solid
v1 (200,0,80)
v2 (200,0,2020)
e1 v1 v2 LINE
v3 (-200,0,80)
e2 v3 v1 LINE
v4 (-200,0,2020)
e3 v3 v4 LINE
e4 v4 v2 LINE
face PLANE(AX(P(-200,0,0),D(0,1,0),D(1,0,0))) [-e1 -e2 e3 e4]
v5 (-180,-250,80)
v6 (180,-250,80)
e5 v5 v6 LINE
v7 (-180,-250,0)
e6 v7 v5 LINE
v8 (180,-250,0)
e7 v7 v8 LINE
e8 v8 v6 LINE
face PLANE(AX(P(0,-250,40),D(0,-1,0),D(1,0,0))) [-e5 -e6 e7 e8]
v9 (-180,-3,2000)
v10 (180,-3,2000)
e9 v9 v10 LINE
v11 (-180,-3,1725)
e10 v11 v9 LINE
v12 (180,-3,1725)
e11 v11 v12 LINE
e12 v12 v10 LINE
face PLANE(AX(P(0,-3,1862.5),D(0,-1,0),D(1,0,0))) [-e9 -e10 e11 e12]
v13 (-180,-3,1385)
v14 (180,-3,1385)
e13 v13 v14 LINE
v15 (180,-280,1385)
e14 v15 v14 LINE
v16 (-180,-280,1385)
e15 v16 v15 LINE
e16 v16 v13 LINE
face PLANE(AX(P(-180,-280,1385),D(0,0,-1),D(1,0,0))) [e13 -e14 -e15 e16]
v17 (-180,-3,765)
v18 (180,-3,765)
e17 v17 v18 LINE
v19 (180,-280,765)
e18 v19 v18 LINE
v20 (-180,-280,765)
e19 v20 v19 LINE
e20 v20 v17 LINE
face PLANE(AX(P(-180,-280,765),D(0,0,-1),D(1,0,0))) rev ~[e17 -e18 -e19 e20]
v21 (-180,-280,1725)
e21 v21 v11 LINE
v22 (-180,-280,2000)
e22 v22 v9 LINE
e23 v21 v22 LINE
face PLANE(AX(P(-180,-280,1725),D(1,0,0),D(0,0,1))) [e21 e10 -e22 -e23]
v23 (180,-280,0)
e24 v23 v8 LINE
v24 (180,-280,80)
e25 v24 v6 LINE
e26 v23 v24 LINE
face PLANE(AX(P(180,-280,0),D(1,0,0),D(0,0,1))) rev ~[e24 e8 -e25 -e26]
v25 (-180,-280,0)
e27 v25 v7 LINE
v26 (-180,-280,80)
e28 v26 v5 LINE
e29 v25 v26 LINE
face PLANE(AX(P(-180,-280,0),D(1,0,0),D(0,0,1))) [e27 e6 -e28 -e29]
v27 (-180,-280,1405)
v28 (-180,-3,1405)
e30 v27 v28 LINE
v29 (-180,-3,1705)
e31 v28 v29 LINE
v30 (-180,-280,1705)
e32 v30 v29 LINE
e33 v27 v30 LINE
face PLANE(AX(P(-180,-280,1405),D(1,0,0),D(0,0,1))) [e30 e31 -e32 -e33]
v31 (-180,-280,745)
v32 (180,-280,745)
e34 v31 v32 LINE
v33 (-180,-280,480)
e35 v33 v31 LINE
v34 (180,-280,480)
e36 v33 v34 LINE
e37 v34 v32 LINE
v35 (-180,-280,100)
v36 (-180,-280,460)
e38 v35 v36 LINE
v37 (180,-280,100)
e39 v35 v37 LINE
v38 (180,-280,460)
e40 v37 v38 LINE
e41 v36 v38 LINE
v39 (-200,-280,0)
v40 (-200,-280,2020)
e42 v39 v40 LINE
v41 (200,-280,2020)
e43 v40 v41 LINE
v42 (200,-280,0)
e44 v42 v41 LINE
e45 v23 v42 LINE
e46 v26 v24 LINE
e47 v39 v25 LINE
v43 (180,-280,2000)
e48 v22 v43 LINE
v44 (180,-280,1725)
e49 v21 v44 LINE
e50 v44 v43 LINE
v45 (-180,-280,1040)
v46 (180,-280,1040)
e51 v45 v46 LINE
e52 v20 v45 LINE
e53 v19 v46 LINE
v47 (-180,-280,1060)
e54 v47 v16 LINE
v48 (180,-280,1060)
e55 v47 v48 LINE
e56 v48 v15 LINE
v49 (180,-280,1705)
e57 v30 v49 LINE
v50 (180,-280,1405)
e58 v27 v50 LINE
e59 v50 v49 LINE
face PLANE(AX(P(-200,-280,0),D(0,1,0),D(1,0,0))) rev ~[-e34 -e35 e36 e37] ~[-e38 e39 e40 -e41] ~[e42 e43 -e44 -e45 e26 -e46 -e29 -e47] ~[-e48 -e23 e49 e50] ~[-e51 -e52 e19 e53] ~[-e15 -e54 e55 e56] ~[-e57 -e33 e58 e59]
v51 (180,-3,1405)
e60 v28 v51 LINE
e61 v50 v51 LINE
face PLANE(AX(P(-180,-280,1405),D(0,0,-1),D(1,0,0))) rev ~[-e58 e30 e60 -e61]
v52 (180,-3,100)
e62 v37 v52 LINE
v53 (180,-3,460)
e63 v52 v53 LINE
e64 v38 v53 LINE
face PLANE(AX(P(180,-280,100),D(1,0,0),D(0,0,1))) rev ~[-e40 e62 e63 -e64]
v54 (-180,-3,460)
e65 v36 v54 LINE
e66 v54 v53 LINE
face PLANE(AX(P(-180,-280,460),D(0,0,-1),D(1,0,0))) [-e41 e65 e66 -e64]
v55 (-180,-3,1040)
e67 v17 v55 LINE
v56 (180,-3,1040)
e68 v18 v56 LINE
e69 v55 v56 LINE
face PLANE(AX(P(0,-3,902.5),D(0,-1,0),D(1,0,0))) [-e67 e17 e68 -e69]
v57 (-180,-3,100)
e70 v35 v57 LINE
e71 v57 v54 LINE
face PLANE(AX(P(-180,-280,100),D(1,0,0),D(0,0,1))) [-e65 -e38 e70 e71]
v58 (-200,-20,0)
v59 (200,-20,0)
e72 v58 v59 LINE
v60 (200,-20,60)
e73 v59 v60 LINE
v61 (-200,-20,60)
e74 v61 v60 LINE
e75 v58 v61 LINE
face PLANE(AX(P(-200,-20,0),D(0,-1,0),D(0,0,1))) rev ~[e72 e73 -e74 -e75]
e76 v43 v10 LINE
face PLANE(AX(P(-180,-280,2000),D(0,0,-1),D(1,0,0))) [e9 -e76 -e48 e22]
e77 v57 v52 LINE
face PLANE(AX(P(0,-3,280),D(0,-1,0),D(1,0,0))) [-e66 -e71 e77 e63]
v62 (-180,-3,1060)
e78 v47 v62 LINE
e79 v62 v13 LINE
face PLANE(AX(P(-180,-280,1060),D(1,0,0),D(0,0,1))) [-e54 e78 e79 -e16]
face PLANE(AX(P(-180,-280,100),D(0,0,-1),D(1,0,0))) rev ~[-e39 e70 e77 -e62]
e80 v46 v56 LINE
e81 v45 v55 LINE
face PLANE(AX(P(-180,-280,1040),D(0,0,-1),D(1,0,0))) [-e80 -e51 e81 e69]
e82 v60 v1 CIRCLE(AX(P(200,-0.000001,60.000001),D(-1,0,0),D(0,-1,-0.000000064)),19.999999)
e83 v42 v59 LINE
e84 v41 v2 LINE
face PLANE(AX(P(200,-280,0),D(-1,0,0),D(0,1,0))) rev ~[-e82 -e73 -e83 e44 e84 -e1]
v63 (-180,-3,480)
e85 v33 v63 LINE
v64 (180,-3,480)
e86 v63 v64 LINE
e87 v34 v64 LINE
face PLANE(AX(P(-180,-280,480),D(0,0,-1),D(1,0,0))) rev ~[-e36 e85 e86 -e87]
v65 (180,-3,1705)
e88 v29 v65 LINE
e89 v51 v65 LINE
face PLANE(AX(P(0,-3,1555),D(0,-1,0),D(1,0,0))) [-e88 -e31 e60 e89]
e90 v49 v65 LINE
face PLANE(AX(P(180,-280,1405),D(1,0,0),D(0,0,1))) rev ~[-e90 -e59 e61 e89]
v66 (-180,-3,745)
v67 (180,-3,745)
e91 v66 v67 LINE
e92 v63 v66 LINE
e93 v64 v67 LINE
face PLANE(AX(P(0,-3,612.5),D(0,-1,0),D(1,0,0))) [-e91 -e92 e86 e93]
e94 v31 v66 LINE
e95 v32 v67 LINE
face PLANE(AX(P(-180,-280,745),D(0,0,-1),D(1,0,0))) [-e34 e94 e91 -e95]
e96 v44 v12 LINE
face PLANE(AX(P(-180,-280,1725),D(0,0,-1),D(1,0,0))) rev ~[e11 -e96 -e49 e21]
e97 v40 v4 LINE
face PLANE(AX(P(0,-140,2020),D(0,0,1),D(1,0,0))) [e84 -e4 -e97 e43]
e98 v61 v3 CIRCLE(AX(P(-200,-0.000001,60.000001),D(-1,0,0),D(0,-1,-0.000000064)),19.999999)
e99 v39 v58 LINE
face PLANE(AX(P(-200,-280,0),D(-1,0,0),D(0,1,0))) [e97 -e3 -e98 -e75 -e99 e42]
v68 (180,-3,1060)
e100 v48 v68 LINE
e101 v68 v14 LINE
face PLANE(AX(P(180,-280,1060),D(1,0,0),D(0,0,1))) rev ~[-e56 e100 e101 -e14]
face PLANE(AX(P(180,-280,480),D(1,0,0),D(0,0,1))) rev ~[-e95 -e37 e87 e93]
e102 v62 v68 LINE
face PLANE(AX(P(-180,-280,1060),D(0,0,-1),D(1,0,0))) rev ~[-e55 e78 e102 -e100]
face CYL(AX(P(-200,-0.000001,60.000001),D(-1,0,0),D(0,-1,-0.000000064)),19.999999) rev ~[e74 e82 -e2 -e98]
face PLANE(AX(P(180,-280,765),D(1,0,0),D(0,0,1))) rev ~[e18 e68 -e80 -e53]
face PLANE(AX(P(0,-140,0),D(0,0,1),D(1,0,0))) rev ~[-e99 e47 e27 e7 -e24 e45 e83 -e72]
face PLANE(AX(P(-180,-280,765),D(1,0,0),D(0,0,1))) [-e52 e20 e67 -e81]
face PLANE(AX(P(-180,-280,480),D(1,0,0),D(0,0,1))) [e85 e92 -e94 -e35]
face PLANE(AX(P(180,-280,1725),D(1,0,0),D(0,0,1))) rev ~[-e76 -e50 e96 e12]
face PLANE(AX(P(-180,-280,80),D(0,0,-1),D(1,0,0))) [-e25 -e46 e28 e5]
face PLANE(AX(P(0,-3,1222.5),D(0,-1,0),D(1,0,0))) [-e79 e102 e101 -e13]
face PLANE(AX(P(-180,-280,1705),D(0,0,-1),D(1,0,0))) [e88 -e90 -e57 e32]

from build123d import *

# Parameters (mm, degrees)
F0_W     = 400
F0_H     = 280
F1_DEPTH = 2020
F3_W     = 360
F3_H     = 275
F3_H_2   = 300
F3_H_3   = 325
F3_H_4   = 265
F3_H_5   = 360
F4_DEPTH = 277
F6_DEPTH = 400.001
F7_W     = 360
F7_H     = 80
F8_DEPTH = 30


with BuildPart() as f1:
    # F0 (on Top) → F1 (new body)
    with BuildSketch(Plane.XY):
        with Locations((0, -140)):
            Rectangle(F0_W, F0_H)
    extrude(amount=F1_DEPTH)

    # F3 (on face) → F4 (cut, through all)
    with BuildSketch(Plane.XZ.offset(280)):
        with Locations((0, 1862.5)):
            Rectangle(F3_W, F3_H)
        with Locations((0, 1555)):
            Rectangle(F3_W, F3_H_2)
        with Locations((0, 1222.5)):
            Rectangle(F3_W, F3_H_3)
        with Locations((0, 902.5)):
            Rectangle(F3_W, F3_H)
        with Locations((0, 612.5)):
            Rectangle(F3_W, F3_H_4)
        with Locations((0, 280)):
            Rectangle(F3_W, F3_H_5)
    extrude(amount=-F4_DEPTH, mode=Mode.SUBTRACT)

    # F5 (on face) → F6 (cut, through all)
    with BuildSketch(Plane(origin=(-200, 0, 0), x_dir=(0, -1, 0), z_dir=(-1, 0, 0))):
        with BuildLine():
            Line((0, 80), (0, 0))
            Line((0, 0), (20, 0))
            Line((20, 0), (20, 60))
            ThreePointArc((20, 60), (14.142136, 74.142136), (0, 80))
        make_face()
    extrude(amount=-F6_DEPTH, mode=Mode.SUBTRACT)

    # F7 (on face) → F8 (cut)
    with BuildSketch(Plane.XZ.offset(280)):
        with Locations((0, 40)):
            Rectangle(F7_W, F7_H)
    extrude(amount=-F8_DEPTH, mode=Mode.SUBTRACT)


solid = f1.part
